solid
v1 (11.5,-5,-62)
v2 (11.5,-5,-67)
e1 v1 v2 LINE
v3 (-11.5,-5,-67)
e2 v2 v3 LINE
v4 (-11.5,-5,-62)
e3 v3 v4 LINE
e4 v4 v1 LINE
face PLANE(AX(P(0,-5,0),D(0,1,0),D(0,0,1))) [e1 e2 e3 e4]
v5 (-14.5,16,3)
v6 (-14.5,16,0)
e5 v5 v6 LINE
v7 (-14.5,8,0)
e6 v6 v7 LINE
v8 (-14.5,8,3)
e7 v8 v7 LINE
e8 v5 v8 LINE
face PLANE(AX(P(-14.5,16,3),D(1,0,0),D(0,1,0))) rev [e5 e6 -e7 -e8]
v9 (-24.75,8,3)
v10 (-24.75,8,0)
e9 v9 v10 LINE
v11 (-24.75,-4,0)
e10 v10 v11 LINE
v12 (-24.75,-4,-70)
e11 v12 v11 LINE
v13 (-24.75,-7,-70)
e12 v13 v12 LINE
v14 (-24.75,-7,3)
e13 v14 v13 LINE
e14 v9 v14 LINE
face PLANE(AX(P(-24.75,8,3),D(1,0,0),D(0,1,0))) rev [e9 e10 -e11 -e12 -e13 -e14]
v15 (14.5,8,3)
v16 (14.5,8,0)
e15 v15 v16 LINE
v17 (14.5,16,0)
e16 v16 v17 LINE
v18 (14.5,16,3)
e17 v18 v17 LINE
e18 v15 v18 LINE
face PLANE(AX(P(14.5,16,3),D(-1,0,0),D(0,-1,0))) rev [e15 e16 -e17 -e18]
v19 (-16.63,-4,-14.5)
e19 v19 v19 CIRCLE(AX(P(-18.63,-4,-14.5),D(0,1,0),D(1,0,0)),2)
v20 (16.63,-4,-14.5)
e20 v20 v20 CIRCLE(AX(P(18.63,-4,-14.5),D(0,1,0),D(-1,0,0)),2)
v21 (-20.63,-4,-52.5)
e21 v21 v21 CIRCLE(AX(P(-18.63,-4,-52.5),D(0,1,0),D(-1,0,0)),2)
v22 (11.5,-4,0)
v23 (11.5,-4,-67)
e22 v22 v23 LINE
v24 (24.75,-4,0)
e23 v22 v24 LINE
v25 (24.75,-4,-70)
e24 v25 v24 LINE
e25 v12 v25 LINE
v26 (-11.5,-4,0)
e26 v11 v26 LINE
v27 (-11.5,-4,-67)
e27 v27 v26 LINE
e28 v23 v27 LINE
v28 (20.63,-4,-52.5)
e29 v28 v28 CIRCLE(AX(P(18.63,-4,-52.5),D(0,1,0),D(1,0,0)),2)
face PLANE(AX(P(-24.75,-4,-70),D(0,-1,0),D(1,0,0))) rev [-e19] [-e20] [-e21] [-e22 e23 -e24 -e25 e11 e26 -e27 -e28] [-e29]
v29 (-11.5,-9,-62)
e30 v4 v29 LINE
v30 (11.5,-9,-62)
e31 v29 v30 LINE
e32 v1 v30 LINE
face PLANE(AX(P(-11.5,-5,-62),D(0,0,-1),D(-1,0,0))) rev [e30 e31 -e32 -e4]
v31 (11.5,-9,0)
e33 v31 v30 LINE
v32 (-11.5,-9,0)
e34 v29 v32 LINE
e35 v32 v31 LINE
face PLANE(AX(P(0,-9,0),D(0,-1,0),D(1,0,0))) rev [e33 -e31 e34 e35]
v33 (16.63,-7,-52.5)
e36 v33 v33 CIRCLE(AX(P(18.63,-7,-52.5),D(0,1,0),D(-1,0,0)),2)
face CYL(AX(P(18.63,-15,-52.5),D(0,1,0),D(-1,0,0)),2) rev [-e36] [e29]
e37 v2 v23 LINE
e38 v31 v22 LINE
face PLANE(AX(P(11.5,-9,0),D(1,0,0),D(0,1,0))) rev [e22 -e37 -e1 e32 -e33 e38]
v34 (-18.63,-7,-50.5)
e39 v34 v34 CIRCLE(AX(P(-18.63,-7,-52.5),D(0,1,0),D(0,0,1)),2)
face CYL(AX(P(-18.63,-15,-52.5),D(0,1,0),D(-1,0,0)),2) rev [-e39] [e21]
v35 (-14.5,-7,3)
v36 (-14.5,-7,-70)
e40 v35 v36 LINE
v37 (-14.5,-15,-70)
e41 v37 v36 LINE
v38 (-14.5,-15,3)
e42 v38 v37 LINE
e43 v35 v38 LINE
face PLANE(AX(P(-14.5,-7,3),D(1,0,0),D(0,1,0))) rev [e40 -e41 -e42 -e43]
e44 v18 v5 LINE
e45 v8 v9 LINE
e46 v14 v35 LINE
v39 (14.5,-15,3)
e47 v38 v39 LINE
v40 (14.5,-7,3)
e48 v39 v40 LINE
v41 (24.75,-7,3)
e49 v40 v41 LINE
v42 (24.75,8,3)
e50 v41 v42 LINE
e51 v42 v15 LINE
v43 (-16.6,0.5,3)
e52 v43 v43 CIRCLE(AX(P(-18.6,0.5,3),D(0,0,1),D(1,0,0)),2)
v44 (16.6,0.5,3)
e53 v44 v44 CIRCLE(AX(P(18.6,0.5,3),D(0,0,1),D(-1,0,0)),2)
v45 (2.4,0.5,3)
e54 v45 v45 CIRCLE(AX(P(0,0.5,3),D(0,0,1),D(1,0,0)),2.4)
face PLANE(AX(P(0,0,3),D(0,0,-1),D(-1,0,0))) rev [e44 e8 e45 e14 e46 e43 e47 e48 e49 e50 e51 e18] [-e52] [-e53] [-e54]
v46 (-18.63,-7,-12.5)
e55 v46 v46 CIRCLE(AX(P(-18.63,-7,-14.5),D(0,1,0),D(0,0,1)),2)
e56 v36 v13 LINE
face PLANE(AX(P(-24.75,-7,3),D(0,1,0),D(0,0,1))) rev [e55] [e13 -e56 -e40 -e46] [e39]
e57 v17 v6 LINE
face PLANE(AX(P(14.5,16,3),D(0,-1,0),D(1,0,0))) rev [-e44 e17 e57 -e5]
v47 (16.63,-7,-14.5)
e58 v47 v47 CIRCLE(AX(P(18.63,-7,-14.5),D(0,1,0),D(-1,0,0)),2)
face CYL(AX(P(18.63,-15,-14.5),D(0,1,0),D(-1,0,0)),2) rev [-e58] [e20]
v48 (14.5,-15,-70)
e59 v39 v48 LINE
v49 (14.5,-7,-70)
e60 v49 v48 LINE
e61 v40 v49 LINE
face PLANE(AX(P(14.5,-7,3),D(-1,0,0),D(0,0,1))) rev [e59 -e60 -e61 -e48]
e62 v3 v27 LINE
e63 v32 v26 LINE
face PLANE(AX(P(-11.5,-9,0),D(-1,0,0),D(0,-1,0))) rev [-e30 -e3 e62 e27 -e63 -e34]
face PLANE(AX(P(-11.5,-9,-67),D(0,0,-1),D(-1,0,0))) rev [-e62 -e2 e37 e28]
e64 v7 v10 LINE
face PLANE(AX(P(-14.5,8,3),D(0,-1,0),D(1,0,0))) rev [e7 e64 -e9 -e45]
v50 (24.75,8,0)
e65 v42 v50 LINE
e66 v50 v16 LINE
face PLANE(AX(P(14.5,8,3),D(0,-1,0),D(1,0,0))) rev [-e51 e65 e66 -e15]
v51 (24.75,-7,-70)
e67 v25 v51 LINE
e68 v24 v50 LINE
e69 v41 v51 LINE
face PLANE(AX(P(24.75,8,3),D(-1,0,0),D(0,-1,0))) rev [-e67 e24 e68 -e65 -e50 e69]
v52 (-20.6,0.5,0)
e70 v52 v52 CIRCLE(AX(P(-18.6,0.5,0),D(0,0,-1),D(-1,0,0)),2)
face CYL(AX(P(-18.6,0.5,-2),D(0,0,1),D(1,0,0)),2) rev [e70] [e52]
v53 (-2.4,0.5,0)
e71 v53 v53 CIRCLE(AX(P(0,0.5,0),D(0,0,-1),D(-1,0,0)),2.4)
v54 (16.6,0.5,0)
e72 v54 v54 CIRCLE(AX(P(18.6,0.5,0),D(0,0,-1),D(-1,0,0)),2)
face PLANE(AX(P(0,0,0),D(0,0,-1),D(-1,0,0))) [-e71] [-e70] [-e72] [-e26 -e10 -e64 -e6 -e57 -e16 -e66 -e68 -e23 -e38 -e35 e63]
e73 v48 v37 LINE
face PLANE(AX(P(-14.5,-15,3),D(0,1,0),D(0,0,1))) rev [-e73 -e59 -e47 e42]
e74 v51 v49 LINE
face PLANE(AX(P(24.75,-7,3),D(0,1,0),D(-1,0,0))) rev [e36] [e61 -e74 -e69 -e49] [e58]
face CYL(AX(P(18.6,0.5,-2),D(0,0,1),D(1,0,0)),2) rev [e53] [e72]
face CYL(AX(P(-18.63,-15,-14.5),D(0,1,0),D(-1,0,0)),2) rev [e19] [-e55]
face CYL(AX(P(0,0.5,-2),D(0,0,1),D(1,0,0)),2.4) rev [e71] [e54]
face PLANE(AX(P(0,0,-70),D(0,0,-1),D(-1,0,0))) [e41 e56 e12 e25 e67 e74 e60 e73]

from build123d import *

# Parameters (mm, degrees)
SALIENTE_EXTRUIR2_DEPTH = 3
SALIENTE_EXTRUIR3_DEPTH = 70
CROQUIS_HUECO_MOTOR_W   = 23
CROQUIS_HUECO_MOTOR_H   = 67
HUECO_MOTOR_DEPTH       = 5
CROQUIS10_R             = 2.4
CROQUIS10_R_2           = 2
TORNILLO_Y_MOTOR_DEPTH  = 5
CROQUIS12_W             = 23
CROQUIS12_H             = 5
SALIENTE_EXTRUIR5_DEPTH = 4
CROQUIS16_R             = 2
CORTAR_EXTRUIR4_DEPTH   = 77.893188905


with BuildPart() as part:
    # Croquis4 → Saliente-Extruir2 (new body)
    with BuildSketch(Plane.XY):
        Polygon((14.5, 16), (-14.5, 16), (-14.5, 8), (-24.75, 8), (-24.75, -7), (-14.5, -7), (-14.5, -15), (14.5, -15), (14.5, -7), (24.75, -7), (24.75, 8), (14.5, 8), align=None)
    extrude(amount=SALIENTE_EXTRUIR2_DEPTH)

    # Croquis5 → Saliente-Extruir3 (add)
    with BuildSketch(Plane(origin=(0, 0, 0), x_dir=(-1, 0, 0), z_dir=(0, 0, -1))):
        Polygon((-24.75, -4), (-24.75, -7), (-14.5, -7), (-14.5, -15), (14.5, -15), (14.5, -7), (24.75, -7), (24.75, -4), align=None)
    extrude(amount=SALIENTE_EXTRUIR3_DEPTH)

    # croquis hueco motor → hueco motor (cut)
    with BuildSketch(Plane(origin=(0, -4, 0), x_dir=(1, 0, 0), z_dir=(0, 1, 0))):
        with Locations((0, 33.5)):
            Rectangle(CROQUIS_HUECO_MOTOR_W, CROQUIS_HUECO_MOTOR_H)
    extrude(amount=-HUECO_MOTOR_DEPTH, mode=Mode.SUBTRACT)

    # Croquis10 → tornillo y motor (cut)
    with BuildSketch(Plane.XY.offset(3)):
        with Locations((0, 0.5)):
            Circle(CROQUIS10_R)
        with Locations((-18.6, 0.5)):
            Circle(CROQUIS10_R_2)
        with Locations(Location((18.6, 0.5, 0), (0, 0, 180))):
            Circle(CROQUIS10_R_2)
    extrude(amount=-TORNILLO_Y_MOTOR_DEPTH, mode=Mode.SUBTRACT)

    # Croquis12 → Saliente-Extruir5 (add)
    with BuildSketch(Plane(origin=(0, -9, 0), x_dir=(1, 0, 0), z_dir=(0, 1, 0))):
        with Locations((0, 64.5)):
            Rectangle(CROQUIS12_W, CROQUIS12_H)
    extrude(amount=SALIENTE_EXTRUIR5_DEPTH)

    # Croquis16 → Cortar-Extruir4 (cut, through all)
    with BuildSketch(Plane(origin=(0, -4, 0), x_dir=(1, 0, 0), z_dir=(0, 1, 0))):
        with Locations(Location((-18.63, 52.5, 0), (0, 0, 180))):
            Circle(CROQUIS16_R)
        with Locations(Location((-18.63, 14.5, 0), (0, 0, 270))):
            Circle(CROQUIS16_R)
        with Locations(Location((18.63, 14.5, 0), (0, 0, 180))):
            Circle(CROQUIS16_R)
        with Locations(Location((18.63, 52.5, 0), (0, 0, 180))):
            Circle(CROQUIS16_R)
    extrude(amount=-CORTAR_EXTRUIR4_DEPTH, mode=Mode.SUBTRACT)


solid = part.part
